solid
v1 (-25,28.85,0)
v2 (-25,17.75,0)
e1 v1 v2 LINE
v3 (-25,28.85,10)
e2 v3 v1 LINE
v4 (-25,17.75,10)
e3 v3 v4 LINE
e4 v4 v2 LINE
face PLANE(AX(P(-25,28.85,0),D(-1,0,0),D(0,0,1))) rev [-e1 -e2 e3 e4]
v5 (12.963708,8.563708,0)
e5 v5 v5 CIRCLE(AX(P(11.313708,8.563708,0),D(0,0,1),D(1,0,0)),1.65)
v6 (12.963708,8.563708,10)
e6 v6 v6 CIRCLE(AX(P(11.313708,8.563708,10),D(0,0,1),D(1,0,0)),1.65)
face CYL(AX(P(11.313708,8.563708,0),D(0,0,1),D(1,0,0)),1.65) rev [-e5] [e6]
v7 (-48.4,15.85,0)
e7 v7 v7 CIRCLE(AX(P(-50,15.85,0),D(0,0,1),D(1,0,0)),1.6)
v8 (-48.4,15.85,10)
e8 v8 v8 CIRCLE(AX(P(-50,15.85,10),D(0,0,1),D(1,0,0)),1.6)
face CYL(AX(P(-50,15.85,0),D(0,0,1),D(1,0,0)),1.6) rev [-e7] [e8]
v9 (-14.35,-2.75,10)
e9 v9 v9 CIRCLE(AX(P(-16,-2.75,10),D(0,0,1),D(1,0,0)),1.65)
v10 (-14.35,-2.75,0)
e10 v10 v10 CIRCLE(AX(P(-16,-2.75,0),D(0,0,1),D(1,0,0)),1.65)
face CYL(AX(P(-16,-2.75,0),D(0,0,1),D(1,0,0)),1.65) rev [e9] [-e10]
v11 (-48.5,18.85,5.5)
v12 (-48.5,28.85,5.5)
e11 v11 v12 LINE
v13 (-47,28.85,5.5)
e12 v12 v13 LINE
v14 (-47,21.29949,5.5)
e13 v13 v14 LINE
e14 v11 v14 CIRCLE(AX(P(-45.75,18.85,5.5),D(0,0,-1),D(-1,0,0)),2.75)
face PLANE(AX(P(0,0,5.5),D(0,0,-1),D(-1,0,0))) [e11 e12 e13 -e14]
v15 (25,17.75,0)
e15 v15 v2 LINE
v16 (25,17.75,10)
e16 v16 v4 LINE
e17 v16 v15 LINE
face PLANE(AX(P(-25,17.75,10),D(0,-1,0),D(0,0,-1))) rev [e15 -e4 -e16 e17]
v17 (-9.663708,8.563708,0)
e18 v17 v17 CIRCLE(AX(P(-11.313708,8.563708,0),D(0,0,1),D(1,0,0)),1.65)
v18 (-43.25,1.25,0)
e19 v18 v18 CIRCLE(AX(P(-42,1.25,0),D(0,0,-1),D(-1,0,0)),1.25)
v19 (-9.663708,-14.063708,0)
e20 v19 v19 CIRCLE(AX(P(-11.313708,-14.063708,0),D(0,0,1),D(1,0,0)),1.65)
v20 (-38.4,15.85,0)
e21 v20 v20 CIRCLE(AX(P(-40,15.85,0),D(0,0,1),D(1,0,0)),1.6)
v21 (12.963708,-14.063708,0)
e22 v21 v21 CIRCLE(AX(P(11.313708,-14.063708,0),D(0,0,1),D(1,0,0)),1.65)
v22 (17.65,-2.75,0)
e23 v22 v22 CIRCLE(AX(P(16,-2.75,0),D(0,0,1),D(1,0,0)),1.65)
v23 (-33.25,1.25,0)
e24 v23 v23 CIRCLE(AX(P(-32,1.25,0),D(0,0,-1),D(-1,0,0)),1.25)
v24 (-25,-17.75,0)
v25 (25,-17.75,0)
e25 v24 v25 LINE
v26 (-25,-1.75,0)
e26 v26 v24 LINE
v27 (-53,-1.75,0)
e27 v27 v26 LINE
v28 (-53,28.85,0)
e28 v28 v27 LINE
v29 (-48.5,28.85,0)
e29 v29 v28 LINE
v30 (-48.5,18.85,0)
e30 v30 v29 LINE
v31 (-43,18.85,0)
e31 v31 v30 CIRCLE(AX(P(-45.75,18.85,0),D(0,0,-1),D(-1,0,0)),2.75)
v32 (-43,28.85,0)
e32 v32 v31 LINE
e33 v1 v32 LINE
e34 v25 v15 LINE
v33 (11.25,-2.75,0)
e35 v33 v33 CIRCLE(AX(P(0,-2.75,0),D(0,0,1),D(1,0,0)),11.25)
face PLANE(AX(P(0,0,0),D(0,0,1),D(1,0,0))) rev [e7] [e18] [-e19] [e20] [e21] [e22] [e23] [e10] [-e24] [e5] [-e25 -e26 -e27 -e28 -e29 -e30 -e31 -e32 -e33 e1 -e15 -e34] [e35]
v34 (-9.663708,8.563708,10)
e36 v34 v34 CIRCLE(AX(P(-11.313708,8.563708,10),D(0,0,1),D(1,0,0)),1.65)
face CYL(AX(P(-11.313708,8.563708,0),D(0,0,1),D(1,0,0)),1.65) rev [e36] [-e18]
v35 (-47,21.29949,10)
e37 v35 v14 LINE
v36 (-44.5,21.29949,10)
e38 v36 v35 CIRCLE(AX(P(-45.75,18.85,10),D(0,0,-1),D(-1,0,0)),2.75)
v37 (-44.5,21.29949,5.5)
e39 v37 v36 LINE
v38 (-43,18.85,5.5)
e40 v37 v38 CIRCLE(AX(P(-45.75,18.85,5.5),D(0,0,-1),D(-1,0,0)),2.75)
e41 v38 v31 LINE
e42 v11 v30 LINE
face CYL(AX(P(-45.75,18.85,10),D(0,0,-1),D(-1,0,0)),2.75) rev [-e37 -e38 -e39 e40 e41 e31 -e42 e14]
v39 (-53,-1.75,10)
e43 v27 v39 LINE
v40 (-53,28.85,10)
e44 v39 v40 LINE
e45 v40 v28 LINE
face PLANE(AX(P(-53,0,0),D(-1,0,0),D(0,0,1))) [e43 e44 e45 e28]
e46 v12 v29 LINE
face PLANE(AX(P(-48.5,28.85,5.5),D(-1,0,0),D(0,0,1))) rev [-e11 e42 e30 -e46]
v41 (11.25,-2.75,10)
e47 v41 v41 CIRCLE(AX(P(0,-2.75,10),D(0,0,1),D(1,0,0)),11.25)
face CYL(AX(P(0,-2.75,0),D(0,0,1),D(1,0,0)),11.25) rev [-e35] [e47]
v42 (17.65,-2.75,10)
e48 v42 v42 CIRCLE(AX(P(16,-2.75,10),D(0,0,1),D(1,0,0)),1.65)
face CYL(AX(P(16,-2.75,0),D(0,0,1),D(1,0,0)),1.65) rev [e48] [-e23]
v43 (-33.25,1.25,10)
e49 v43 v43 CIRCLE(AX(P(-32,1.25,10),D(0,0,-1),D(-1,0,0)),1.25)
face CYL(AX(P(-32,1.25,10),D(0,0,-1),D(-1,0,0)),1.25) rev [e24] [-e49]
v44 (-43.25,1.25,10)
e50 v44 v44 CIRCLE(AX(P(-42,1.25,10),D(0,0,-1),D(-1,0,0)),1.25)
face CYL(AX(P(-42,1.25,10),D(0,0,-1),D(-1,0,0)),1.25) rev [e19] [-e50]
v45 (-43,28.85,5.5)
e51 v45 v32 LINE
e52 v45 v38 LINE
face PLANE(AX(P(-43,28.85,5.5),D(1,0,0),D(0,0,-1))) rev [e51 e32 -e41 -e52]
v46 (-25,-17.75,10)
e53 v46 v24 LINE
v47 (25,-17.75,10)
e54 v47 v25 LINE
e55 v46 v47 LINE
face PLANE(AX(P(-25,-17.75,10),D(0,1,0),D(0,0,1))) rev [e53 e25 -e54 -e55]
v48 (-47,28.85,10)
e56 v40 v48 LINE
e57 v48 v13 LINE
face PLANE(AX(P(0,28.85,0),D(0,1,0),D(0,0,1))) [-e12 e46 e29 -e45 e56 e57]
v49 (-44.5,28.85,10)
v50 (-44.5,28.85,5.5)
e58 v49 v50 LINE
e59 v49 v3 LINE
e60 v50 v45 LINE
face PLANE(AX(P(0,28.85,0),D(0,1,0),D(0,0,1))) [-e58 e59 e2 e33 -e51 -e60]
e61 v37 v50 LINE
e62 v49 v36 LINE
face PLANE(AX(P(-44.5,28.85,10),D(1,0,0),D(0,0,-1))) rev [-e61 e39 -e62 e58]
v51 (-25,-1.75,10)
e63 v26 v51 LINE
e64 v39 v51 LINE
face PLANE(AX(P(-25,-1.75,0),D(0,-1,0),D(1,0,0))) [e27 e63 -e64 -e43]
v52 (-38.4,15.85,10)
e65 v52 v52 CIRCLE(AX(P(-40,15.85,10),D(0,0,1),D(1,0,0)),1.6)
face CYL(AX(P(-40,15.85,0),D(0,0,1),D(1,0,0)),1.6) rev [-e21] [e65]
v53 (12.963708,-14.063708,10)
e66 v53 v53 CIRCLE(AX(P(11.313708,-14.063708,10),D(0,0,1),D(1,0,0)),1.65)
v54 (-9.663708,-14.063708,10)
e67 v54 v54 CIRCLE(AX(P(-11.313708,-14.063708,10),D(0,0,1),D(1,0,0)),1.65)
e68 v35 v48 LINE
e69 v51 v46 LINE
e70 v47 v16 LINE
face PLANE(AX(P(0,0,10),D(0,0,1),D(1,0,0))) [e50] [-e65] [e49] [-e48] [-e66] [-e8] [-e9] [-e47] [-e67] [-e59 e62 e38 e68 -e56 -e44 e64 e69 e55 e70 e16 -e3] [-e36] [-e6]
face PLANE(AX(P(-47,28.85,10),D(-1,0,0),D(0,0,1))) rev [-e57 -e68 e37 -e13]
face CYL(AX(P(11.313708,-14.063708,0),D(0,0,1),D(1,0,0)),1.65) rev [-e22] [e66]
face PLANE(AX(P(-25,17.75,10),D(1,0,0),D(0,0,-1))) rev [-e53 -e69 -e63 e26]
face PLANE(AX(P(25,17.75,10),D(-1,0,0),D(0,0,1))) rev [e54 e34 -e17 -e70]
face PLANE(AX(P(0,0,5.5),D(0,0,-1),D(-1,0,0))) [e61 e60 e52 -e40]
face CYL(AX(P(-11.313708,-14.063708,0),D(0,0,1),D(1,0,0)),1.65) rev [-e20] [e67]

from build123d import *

# Parameters (mm, degrees)
SKETCH_1_W          = 50
SKETCH_1_H          = 35.5
EXTRUDE_1_DEPTH     = 10
SKETCH_2_R          = 11.25
CUT_EXTRUDE_1_DEPTH = 33.25
SKETCH_3_R          = 1.65
CUT_EXTRUDE_2_DEPTH = 33.25
SKETCH_4_W          = 25
SKETCH_4_H          = 19.5
EXTRUDE_2_DEPTH     = 10
SKETCH_5_R          = 1.25
CUT_EXTRUDE_3_DEPTH = 10
SKETCH_7_W          = 25
SKETCH_7_H          = 10
EXTRUDE_4_DEPTH     = 11.1
SKETCH_8_W          = 2.5
SKETCH_8_H          = 10
CUT_EXTRUDE_4_DEPTH = 59.586026491
SKETCH_9_W          = 5.5
SKETCH_9_H          = 10
CUT_EXTRUDE_5_DEPTH = 5.5
SKETCH_10_W         = 10
SKETCH_10_H         = 30.6
EXTRUDE_5_DEPTH     = 3
SKETCH_11_R         = 2.75
CUT_EXTRUDE_6_DEPTH = 62.166351044
SKETCH_13_R         = 1.6
CUT_EXTRUDE_8_DEPTH = 62.166351044


with BuildPart() as part:
    # 草图1 → 凸台-拉伸1 (new body)
    with BuildSketch(Plane.XY):
        Rectangle(SKETCH_1_W, SKETCH_1_H)
    extrude(amount=EXTRUDE_1_DEPTH)

    # 草图2 → 切除-拉伸1 (cut, through all)
    with BuildSketch(Plane.XY.offset(10)):
        with Locations((0, -2.75)):
            Circle(SKETCH_2_R)
    extrude(amount=-CUT_EXTRUDE_1_DEPTH, mode=Mode.SUBTRACT)

    # 草图3 → 切除-拉伸2 (cut, through all)
    with BuildSketch(Plane.XY.offset(10)):
        with Locations((-16, -2.75)):
            Circle(SKETCH_3_R)
        with Locations((-11.313708499, 8.563708499)):
            Circle(SKETCH_3_R)
        with Locations((11.313708499, 8.563708499)):
            Circle(SKETCH_3_R)
        with Locations((16, -2.75)):
            Circle(SKETCH_3_R)
        with Locations((11.313708499, -14.063708499)):
            Circle(SKETCH_3_R)
        with Locations((-11.313708499, -14.063708499)):
            Circle(SKETCH_3_R)
    extrude(amount=-CUT_EXTRUDE_2_DEPTH, mode=Mode.SUBTRACT)

    # 草图4 → 凸台-拉伸2 (add)
    with BuildSketch(Plane.XY.offset(10)):
        with Locations((-37.5, 8)):
            Rectangle(SKETCH_4_W, SKETCH_4_H)
    extrude(amount=-EXTRUDE_2_DEPTH)

    # 草图5 → 切除-拉伸3 (cut)
    with BuildSketch(Plane(origin=(0, 0, 0), x_dir=(-1, 0, 0), z_dir=(0, 0, -1))):
        with Locations((42, 1.25)):
            Circle(SKETCH_5_R)
        with Locations((32, 1.25)):
            Circle(SKETCH_5_R)
    extrude(amount=-CUT_EXTRUDE_3_DEPTH, mode=Mode.SUBTRACT)

    # 草图7 → 凸台-拉伸4 (add)
    with BuildSketch(Plane(origin=(0, 17.75, 0), x_dir=(1, 0, 0), z_dir=(0, 1, 0))):
        with Locations((-37.5, -5)):
            Rectangle(SKETCH_7_W, SKETCH_7_H)
    extrude(amount=EXTRUDE_4_DEPTH)

    # 草图8 → 切除-拉伸4 (cut, through all)
    with BuildSketch(Plane(origin=(0, 0, 0), x_dir=(-1, 0, 0), z_dir=(0, 0, -1))):
        with Locations((45.75, 23.85)):
            Rectangle(SKETCH_8_W, SKETCH_8_H)
    extrude(amount=-CUT_EXTRUDE_4_DEPTH, mode=Mode.SUBTRACT)

    # 草图9 → 切除-拉伸5 (cut)
    with BuildSketch(Plane(origin=(0, 0, 0), x_dir=(-1, 0, 0), z_dir=(0, 0, -1))):
        with Locations((45.75, 23.85)):
            Rectangle(SKETCH_9_W, SKETCH_9_H)
    extrude(amount=-CUT_EXTRUDE_5_DEPTH, mode=Mode.SUBTRACT)

    # 草图10 → 凸台-拉伸5 (add)
    with BuildSketch(Plane.ZY.offset(50)):
        with Locations((5, 13.55)):
            Rectangle(SKETCH_10_W, SKETCH_10_H)
    extrude(amount=EXTRUDE_5_DEPTH)

    # 草图11 → 切除-拉伸6 (cut, through all)
    with BuildSketch(Plane(origin=(0, 0, 0), x_dir=(-1, 0, 0), z_dir=(0, 0, -1))):
        with Locations((45.75, 18.85)):
            Circle(SKETCH_11_R)
    extrude(amount=-CUT_EXTRUDE_6_DEPTH, mode=Mode.SUBTRACT)

    # 草图13 → 切除-拉伸8 (cut, through all)
    with BuildSketch(Plane.XY.offset(10)):
        with Locations((-50, 15.85)):
            Circle(SKETCH_13_R)
        with Locations((-40, 15.85)):
            Circle(SKETCH_13_R)
    extrude(amount=-CUT_EXTRUDE_8_DEPTH, mode=Mode.SUBTRACT)


solid = part.part
